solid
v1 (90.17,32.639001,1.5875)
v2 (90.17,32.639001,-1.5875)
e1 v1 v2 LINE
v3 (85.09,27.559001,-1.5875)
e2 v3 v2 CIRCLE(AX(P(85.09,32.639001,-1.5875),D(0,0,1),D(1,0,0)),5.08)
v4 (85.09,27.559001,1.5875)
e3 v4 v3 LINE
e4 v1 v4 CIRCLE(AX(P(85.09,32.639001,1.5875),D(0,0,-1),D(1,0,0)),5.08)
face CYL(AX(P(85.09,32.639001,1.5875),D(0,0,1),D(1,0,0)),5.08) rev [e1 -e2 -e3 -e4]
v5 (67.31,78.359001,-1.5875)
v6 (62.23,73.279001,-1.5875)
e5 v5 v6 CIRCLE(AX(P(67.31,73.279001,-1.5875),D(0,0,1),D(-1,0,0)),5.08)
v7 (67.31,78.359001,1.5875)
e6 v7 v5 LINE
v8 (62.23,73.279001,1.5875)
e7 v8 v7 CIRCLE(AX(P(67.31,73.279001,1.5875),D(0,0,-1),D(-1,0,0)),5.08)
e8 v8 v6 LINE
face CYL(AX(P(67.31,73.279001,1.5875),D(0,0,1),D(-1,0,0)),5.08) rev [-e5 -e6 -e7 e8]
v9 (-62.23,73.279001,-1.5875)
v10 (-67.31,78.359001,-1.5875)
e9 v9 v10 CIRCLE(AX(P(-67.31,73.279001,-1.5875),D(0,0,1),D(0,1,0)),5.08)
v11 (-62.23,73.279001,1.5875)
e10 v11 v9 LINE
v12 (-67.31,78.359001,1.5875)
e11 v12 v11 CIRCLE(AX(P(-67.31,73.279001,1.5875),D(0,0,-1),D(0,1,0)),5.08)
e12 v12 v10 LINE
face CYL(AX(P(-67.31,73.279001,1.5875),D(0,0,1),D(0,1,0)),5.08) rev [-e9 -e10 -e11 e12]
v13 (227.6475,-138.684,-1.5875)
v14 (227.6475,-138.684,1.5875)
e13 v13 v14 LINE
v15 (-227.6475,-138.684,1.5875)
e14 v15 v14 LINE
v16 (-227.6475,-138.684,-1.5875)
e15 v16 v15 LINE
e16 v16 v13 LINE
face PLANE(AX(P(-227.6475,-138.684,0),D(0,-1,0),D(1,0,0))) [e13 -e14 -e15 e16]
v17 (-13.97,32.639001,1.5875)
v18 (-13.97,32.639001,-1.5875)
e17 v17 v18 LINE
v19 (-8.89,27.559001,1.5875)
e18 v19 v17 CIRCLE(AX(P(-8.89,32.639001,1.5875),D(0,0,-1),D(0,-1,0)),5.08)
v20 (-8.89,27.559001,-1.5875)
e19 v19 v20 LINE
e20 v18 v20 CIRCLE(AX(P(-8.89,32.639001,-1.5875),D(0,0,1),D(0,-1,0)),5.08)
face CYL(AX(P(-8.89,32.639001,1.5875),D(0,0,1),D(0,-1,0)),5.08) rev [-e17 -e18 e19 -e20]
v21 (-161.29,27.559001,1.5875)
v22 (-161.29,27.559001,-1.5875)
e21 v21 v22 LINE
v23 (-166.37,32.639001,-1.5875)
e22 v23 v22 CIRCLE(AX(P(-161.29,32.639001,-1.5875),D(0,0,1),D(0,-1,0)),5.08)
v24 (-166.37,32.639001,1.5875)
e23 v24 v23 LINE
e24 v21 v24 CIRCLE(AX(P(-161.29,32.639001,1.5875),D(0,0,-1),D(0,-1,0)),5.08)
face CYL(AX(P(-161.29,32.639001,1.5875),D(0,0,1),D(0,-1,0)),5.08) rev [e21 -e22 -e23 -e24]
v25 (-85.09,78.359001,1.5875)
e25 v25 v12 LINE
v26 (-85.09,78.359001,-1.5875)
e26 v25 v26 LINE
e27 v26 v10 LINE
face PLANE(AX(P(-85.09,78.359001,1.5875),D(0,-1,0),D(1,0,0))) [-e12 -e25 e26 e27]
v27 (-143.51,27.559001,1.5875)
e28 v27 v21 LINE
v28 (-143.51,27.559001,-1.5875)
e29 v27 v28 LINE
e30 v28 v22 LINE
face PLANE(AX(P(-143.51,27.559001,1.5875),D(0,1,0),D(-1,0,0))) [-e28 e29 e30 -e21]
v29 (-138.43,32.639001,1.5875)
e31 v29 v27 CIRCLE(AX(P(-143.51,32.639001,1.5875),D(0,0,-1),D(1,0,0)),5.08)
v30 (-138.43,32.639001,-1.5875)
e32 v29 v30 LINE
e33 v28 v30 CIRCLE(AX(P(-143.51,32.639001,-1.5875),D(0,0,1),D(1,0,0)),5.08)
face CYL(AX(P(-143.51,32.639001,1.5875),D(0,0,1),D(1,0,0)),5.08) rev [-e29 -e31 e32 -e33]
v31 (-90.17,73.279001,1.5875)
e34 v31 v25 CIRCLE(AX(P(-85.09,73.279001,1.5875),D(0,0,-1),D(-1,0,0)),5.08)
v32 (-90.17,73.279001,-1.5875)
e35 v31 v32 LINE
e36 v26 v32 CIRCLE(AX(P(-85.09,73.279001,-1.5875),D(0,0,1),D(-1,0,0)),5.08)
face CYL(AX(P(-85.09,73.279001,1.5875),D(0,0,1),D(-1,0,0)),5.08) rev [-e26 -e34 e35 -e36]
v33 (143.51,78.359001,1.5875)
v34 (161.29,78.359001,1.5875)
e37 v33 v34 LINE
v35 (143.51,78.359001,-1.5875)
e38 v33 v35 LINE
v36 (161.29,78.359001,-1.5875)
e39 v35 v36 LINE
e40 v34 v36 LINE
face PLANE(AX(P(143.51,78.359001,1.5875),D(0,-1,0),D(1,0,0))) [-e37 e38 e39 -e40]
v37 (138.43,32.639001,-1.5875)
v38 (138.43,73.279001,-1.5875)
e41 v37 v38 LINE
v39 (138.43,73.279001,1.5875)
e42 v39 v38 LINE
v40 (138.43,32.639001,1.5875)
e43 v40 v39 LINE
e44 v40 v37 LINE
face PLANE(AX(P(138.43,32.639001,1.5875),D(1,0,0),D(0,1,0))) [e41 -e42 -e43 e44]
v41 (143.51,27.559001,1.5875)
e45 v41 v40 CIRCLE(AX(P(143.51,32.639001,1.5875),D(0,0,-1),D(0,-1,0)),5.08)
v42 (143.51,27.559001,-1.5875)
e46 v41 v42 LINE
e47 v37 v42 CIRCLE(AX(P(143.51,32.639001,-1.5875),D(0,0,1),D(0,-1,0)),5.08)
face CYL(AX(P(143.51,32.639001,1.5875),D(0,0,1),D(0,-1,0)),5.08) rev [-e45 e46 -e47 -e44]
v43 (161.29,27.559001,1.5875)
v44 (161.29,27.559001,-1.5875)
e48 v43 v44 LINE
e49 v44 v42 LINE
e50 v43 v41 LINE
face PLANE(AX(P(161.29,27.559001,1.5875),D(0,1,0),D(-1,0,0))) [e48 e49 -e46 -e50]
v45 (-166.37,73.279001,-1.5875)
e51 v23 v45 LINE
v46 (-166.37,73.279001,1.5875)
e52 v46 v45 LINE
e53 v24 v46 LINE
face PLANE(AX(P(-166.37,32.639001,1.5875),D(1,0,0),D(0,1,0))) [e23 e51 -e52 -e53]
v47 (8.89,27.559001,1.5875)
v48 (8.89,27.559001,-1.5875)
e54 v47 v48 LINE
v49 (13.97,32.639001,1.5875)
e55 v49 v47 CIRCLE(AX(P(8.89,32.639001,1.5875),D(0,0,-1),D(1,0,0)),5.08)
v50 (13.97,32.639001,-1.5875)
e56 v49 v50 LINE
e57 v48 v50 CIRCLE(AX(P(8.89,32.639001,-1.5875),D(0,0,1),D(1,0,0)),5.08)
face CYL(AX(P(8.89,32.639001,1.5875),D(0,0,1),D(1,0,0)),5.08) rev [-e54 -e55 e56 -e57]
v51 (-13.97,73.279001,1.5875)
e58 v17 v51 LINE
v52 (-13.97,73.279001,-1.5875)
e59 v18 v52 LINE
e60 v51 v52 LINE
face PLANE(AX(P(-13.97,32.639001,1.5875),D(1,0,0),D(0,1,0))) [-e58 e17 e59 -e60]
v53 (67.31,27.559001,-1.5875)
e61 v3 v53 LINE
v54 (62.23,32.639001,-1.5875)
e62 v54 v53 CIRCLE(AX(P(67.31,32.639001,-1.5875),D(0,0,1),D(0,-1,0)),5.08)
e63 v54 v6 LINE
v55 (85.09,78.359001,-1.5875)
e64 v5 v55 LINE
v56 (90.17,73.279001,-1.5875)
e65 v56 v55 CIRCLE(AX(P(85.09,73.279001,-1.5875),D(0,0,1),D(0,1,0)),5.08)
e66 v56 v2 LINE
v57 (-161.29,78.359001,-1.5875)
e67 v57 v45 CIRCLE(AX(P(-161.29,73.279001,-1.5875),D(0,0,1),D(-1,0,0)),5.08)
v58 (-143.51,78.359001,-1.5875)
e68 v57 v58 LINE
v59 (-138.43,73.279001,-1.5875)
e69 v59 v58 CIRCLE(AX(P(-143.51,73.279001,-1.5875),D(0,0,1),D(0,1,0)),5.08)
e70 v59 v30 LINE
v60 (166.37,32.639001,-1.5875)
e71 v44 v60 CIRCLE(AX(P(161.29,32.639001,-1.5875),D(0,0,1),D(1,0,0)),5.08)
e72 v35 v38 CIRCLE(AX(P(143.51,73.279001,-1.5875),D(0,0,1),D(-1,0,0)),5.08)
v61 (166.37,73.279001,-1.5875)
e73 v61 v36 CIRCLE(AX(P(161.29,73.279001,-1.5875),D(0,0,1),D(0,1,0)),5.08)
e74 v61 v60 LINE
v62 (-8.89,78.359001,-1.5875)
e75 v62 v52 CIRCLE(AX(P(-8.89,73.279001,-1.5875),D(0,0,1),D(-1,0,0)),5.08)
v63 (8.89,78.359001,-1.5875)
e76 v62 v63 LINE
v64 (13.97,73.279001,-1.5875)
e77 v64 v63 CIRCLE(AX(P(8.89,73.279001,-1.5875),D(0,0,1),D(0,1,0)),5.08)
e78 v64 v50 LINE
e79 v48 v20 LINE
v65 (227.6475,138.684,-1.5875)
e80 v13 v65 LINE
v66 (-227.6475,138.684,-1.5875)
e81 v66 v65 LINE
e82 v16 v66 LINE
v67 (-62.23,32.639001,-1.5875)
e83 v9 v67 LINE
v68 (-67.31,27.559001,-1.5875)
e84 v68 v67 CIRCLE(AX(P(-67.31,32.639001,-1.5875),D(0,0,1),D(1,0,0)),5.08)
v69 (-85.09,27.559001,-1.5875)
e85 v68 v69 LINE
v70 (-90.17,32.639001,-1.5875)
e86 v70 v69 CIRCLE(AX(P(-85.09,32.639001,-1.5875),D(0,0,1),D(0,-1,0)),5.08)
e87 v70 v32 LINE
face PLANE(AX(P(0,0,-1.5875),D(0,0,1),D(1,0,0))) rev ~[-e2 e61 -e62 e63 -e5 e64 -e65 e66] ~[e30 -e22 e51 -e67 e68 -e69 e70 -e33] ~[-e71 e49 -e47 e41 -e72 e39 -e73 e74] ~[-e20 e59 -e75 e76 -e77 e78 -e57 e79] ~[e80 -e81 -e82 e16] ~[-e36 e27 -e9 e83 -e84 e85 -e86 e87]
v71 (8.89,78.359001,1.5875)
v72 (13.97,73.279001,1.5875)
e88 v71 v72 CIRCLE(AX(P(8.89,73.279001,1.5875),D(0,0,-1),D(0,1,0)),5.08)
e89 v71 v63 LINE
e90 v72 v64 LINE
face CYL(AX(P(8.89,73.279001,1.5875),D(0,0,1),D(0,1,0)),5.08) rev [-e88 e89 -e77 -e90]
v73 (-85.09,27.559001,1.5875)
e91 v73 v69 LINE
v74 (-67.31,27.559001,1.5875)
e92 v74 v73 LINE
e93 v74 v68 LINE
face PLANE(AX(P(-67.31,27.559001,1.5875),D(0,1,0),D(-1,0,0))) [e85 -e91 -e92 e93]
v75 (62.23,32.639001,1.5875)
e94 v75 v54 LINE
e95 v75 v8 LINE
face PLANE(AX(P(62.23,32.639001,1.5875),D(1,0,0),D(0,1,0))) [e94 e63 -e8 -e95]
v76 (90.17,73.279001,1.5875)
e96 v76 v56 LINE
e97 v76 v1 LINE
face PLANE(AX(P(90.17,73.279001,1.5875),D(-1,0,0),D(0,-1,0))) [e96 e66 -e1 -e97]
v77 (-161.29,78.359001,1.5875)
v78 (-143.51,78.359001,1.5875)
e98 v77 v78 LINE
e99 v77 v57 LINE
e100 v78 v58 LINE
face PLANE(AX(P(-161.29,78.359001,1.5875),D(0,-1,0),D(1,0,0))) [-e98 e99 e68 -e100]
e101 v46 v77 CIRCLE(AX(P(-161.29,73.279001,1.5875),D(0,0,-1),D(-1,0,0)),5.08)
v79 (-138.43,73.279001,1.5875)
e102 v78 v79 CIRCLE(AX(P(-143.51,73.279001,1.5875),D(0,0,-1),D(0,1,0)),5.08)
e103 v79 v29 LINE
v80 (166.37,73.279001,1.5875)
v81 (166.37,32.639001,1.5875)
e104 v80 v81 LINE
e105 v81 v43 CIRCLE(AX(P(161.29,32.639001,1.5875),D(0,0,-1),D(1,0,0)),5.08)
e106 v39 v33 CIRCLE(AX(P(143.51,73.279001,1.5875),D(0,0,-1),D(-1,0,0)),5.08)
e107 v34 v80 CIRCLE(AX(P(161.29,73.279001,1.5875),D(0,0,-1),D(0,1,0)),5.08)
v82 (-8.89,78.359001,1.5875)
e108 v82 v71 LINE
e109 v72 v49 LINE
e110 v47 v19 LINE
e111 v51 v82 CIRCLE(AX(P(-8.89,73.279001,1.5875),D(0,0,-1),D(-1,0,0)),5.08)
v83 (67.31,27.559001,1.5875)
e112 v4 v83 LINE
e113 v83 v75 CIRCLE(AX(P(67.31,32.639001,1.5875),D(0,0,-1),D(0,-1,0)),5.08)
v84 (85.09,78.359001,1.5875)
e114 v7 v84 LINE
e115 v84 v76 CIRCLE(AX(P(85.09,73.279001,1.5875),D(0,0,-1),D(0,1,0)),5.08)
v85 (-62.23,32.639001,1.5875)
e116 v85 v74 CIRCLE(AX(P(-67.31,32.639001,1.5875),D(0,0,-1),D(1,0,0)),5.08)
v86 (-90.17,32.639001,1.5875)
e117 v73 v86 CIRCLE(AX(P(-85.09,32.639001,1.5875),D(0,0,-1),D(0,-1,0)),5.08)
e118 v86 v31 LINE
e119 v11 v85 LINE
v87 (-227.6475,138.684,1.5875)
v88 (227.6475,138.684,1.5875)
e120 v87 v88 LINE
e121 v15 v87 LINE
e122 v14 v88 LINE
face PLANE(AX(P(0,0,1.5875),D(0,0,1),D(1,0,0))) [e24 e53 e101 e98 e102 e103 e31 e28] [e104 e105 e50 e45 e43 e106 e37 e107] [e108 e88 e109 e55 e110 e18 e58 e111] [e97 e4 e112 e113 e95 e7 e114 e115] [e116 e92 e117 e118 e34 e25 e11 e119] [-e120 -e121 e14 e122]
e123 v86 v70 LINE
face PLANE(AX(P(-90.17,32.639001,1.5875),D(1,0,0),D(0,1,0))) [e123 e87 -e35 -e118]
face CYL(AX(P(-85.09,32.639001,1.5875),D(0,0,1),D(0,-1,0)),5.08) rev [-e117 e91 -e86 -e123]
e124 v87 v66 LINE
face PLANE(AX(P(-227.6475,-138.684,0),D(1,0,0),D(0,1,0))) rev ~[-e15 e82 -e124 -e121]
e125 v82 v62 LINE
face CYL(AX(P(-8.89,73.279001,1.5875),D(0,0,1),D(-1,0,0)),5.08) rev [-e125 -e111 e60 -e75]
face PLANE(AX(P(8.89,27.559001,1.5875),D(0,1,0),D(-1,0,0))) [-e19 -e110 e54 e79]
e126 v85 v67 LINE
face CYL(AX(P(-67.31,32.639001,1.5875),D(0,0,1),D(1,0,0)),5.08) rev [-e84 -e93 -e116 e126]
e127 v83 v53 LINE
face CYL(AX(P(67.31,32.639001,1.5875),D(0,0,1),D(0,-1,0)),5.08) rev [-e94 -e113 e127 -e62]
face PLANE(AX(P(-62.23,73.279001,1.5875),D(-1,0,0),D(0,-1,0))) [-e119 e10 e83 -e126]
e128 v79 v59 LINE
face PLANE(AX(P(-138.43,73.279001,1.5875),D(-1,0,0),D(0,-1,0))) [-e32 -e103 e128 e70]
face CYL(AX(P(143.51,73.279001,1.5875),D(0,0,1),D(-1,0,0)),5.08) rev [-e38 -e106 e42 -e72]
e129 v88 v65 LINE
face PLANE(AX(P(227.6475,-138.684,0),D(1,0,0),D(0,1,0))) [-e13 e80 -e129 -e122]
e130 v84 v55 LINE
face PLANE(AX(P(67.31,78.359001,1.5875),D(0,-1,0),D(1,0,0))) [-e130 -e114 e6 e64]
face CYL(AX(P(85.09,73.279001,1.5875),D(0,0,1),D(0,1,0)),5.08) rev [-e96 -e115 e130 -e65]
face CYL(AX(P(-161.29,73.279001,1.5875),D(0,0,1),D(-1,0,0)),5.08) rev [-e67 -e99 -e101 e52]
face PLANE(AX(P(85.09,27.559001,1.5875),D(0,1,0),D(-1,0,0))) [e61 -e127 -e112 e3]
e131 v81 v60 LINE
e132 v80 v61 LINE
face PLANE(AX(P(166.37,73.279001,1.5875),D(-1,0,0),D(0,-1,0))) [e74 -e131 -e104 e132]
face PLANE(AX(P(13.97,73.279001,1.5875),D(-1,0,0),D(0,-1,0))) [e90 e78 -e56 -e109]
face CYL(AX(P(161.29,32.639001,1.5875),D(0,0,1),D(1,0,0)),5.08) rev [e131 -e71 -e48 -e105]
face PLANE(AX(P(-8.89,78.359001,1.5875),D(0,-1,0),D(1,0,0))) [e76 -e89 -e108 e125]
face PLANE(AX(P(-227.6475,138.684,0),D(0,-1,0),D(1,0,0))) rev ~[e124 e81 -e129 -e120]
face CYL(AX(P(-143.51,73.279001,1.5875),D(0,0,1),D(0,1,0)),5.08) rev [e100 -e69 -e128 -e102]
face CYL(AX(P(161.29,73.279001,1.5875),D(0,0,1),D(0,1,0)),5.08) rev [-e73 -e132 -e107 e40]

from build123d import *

# Parameters (mm, degrees)
SKETCH3_W           = 455.295
SKETCH3_H           = 277.368
BOSS_EXTRUDE1_DEPTH = 1.5875
CUT_EXTRUDE1_DEPTH  = 25.4


with BuildPart() as part:
    # Sketch3 → Boss-Extrude1 (new, symmetric)
    with BuildSketch(Plane.XY):
        Rectangle(SKETCH3_W, SKETCH3_H)
    extrude(amount=BOSS_EXTRUDE1_DEPTH, both=True)

    # Sketch4 → Cut-Extrude1 (cut)
    with BuildSketch(Plane.XY.offset(1.5875)):
        with BuildLine():
            Line((-161.29, 78.359001016), (-143.51, 78.359001016))
            ThreePointArc((-143.51, 78.359001016), (-139.917897552, 76.871103464), (-138.43, 73.279001016))
            Line((-138.43, 73.279001016), (-138.43, 32.639001016))
            ThreePointArc((-138.43, 32.639001016), (-139.917897552, 29.046898568), (-143.51, 27.559001016))
            Line((-143.51, 27.559001016), (-161.29, 27.559001016))
            ThreePointArc((-161.29, 27.559001016), (-164.882102448, 29.046898568), (-166.37, 32.639001016))
            Line((-166.37, 32.639001016), (-166.37, 73.279001016))
            ThreePointArc((-166.37, 73.279001016), (-164.882102448, 76.871103464), (-161.29, 78.359001016))
        make_face()
        with BuildLine():
            Line((-8.89, 78.359001016), (8.89, 78.359001016))
            ThreePointArc((8.89, 78.359001016), (12.482102448, 76.871103464), (13.97, 73.279001016))
            Line((13.97, 73.279001016), (13.97, 32.639001016))
            ThreePointArc((13.97, 32.639001016), (12.482102448, 29.046898568), (8.89, 27.559001016))
            Line((8.89, 27.559001016), (-8.89, 27.559001016))
            ThreePointArc((-8.89, 27.559001016), (-12.482102448, 29.046898568), (-13.97, 32.639001016))
            Line((-13.97, 32.639001016), (-13.97, 73.279001016))
            ThreePointArc((-13.97, 73.279001016), (-12.482102448, 76.871103464), (-8.89, 78.359001016))
        make_face()
        with BuildLine():
            Line((67.31, 78.359001016), (85.09, 78.359001016))
            ThreePointArc((85.09, 78.359001016), (88.682102448, 76.871103464), (90.17, 73.279001016))
            Line((90.17, 73.279001016), (90.17, 32.639001016))
            ThreePointArc((90.17, 32.639001016), (88.682102448, 29.046898568), (85.09, 27.559001016))
            Line((85.09, 27.559001016), (67.31, 27.559001016))
            ThreePointArc((67.31, 27.559001016), (63.717897552, 29.046898568), (62.23, 32.639001016))
            Line((62.23, 32.639001016), (62.23, 73.279001016))
            ThreePointArc((62.23, 73.279001016), (63.717897552, 76.871103464), (67.31, 78.359001016))
        make_face()
        with BuildLine():
            Line((143.51, 78.359001016), (161.29, 78.359001016))
            ThreePointArc((161.29, 78.359001016), (164.882102448, 76.871103464), (166.37, 73.279001016))
            Line((166.37, 73.279001016), (166.37, 32.639001016))
            ThreePointArc((166.37, 32.639001016), (164.882102448, 29.046898568), (161.29, 27.559001016))
            Line((161.29, 27.559001016), (143.51, 27.559001016))
            ThreePointArc((143.51, 27.559001016), (139.917897552, 29.046898568), (138.43, 32.639001016))
            Line((138.43, 32.639001016), (138.43, 73.279001016))
            ThreePointArc((138.43, 73.279001016), (139.917897552, 76.871103464), (143.51, 78.359001016))
        make_face()
        with BuildLine():
            Line((-85.09, 78.359001016), (-67.31, 78.359001016))
            ThreePointArc((-67.31, 78.359001016), (-63.717897552, 76.871103464), (-62.23, 73.279001016))
            Line((-62.23, 73.279001016), (-62.23, 32.639001016))
            ThreePointArc((-62.23, 32.639001016), (-63.717897552, 29.046898568), (-67.31, 27.559001016))
            Line((-67.31, 27.559001016), (-85.09, 27.559001016))
            ThreePointArc((-85.09, 27.559001016), (-88.682102448, 29.046898568), (-90.17, 32.639001016))
            Line((-90.17, 32.639001016), (-90.17, 73.279001016))
            ThreePointArc((-90.17, 73.279001016), (-88.682102448, 76.871103464), (-85.09, 78.359001016))
        make_face()
    extrude(amount=-CUT_EXTRUDE1_DEPTH, mode=Mode.SUBTRACT)


solid = part.part
